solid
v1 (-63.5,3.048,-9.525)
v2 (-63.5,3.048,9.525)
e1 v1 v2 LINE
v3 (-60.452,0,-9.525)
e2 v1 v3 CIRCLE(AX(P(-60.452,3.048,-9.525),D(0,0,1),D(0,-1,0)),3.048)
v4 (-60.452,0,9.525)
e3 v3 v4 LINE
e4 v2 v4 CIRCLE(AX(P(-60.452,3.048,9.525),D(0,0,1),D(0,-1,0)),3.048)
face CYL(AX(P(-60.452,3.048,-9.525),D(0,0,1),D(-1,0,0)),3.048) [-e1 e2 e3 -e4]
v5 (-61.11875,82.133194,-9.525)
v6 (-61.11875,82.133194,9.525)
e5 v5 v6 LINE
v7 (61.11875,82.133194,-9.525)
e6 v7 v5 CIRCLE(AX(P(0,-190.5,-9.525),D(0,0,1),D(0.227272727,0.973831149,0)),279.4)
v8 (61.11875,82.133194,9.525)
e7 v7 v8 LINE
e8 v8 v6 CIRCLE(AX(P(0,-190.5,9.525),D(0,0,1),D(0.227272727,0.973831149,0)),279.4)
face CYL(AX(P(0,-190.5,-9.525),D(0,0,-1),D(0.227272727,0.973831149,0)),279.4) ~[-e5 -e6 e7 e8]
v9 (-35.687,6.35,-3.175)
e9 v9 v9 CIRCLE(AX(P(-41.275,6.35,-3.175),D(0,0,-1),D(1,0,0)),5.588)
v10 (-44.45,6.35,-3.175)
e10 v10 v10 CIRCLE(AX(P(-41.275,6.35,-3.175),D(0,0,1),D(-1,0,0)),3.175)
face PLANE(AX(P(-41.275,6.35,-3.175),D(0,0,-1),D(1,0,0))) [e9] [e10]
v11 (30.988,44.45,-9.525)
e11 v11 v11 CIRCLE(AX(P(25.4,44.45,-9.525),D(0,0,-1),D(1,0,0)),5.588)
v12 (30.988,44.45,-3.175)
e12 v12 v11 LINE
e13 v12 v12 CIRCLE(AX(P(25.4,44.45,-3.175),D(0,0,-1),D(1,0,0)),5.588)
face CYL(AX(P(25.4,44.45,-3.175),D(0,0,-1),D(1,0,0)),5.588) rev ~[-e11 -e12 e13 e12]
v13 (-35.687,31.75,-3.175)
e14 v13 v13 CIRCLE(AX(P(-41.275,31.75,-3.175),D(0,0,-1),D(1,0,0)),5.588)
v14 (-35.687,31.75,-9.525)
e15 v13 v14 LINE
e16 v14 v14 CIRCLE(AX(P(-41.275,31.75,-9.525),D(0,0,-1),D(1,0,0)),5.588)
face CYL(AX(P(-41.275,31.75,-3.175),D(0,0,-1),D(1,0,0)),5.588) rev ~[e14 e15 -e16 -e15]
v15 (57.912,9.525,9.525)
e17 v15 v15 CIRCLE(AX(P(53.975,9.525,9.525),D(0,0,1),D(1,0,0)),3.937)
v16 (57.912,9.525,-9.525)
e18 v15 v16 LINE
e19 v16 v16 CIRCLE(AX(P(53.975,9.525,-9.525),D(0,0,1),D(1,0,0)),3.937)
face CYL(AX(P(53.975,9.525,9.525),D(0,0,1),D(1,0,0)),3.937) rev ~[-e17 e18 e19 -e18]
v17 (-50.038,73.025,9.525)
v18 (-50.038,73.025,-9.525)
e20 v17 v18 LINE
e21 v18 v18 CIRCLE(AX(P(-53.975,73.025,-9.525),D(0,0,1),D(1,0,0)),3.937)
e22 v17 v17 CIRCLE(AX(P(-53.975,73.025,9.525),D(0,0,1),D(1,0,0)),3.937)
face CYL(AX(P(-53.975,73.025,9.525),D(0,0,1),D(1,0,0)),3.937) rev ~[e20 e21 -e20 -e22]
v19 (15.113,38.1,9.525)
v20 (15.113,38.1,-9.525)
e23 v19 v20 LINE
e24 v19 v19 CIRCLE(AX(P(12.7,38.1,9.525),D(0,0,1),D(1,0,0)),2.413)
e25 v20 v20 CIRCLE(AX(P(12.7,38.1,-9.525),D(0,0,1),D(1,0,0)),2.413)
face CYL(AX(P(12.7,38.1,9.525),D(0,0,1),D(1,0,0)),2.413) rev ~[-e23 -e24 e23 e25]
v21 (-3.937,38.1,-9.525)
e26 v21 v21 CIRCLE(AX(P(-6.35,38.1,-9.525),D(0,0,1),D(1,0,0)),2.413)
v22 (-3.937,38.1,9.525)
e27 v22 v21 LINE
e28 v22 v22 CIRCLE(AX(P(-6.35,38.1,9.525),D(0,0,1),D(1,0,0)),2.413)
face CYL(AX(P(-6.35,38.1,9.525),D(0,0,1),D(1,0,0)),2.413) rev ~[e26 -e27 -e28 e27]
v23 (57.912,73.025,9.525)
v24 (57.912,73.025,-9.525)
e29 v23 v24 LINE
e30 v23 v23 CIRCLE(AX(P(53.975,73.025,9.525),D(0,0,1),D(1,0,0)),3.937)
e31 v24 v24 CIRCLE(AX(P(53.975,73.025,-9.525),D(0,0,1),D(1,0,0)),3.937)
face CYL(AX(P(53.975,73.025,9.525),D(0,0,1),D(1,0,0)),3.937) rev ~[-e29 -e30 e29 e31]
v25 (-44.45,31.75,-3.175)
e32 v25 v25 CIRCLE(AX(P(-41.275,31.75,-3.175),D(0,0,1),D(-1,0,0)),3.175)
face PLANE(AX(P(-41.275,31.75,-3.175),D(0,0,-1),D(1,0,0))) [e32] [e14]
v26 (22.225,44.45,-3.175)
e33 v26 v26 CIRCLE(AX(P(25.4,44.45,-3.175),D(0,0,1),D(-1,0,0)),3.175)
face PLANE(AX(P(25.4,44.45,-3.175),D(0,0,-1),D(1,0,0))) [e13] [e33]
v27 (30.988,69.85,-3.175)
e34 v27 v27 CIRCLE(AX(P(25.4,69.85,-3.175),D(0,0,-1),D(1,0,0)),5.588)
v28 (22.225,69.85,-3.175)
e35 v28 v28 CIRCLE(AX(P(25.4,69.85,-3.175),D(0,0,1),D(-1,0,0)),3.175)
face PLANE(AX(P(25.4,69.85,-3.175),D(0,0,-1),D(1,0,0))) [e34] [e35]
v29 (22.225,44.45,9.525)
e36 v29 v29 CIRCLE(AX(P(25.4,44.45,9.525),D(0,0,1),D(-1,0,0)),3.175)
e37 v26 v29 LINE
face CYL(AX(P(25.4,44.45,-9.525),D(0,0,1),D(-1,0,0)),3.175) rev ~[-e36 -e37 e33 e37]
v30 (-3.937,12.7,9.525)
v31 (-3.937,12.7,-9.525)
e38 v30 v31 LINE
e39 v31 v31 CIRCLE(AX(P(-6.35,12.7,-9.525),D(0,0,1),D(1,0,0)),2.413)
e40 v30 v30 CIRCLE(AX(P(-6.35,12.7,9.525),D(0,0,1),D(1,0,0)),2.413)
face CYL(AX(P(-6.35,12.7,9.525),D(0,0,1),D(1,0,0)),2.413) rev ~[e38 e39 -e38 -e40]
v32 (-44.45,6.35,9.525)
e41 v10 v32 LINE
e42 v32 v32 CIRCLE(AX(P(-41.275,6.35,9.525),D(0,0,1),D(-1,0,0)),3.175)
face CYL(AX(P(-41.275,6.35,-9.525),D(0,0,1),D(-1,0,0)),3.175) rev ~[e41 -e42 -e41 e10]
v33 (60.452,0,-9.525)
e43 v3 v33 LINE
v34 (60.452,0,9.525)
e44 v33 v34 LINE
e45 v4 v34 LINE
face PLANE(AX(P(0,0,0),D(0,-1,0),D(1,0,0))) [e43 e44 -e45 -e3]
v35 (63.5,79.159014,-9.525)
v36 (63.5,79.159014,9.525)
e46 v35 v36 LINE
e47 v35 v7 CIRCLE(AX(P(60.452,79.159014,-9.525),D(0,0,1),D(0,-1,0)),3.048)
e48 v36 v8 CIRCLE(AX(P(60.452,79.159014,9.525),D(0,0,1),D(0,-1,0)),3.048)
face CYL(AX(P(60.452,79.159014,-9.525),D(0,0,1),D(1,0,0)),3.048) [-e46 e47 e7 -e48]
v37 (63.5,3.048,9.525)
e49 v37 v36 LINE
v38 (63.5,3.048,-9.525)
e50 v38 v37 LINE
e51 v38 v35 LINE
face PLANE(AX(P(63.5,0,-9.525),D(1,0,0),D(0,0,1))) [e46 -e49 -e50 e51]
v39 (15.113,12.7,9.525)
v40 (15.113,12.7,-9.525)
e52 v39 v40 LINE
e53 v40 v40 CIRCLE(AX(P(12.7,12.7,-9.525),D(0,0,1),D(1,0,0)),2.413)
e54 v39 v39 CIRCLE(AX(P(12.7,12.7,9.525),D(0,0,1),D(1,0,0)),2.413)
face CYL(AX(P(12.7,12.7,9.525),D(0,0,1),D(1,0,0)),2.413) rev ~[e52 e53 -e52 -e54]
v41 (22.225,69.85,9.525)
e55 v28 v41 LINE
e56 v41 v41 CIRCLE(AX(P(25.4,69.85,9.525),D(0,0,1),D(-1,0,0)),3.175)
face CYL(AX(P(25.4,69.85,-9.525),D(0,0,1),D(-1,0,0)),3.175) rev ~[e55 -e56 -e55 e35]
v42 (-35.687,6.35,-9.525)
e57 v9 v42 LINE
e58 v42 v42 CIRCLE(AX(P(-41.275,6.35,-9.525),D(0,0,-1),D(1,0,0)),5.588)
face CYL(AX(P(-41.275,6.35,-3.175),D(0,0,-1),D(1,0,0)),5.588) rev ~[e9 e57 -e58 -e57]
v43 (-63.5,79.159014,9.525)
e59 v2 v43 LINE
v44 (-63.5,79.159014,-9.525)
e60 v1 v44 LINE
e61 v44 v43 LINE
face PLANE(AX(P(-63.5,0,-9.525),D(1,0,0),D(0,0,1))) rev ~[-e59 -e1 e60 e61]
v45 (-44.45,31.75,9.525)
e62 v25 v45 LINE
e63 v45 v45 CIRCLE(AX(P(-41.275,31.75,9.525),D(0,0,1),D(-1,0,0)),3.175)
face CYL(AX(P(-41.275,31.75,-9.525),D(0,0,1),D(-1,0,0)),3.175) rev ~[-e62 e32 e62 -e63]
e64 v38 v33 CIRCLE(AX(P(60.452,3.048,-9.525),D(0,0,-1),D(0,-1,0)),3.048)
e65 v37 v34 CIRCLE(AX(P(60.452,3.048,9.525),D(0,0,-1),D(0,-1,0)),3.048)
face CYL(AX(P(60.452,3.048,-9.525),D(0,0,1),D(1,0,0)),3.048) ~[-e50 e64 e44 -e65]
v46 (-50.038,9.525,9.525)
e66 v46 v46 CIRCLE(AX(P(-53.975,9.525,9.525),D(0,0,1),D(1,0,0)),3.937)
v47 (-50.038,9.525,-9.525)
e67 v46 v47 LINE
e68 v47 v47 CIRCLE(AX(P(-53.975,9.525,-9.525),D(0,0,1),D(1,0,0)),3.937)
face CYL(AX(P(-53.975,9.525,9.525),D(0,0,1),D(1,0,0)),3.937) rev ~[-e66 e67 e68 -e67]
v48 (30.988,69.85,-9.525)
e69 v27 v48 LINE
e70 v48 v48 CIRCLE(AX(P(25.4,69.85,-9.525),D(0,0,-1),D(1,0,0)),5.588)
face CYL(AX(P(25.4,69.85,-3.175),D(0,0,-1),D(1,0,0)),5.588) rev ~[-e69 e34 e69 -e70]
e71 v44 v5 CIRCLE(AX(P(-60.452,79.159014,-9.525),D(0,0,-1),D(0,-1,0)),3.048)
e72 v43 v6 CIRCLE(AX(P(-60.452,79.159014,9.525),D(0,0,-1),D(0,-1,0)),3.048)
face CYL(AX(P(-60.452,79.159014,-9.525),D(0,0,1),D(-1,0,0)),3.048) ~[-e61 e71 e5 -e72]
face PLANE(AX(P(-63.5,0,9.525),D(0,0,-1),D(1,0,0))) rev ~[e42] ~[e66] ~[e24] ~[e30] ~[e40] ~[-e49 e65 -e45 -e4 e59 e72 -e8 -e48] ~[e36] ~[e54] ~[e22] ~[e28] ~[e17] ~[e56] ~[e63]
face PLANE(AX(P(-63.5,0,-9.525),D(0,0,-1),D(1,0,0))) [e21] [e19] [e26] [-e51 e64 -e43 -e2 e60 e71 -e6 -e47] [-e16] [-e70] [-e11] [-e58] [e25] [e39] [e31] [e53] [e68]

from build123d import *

# Parameters (mm, degrees)
F0_W           = 127
F0_H           = 19.05
F1_DEPTH       = 88.9
F2_R           = 3.937
F2_R_2         = 2.413
F3_DEPTH       = 19.05
F5_D           = 6.35
F5_CBORE_D     = 11.176
F5_CBORE_DEPTH = 6.35
F7_DEPTH       = 19.051
F8_R           = 3.048


with BuildPart() as f1:
    # F0 (on Front) → F1 (new body)
    with BuildSketch(Plane.XZ):
        Rectangle(F0_W, F0_H)
    extrude(amount=-F1_DEPTH)

    # F2 (on face) → F3 (cut, through all)
    with BuildSketch(Plane.XY.offset(9.525)):
        with Locations((-53.975, 73.025)):
            Circle(F2_R)
        with Locations((-53.975, 9.525)):
            Circle(F2_R)
        with Locations((53.975, 9.525)):
            Circle(F2_R)
        with Locations((53.975, 73.025)):
            Circle(F2_R)
        with Locations((-6.35, 38.1)):
            Circle(F2_R_2)
        with Locations((12.7, 38.1)):
            Circle(F2_R_2)
        with Locations((12.7, 12.7)):
            Circle(F2_R_2)
        with Locations((-6.35, 12.7)):
            Circle(F2_R_2)
    extrude(amount=-F3_DEPTH, mode=Mode.SUBTRACT)

    # F5 (through all)
    with Locations(Plane(origin=(0, 0, -9.525), x_dir=(1, 0, 0), z_dir=(0, 0, -1))):
        with Locations((25.4, -69.85), (25.4, -44.45), (-41.275, -31.75), (-41.275, -6.35)):
            CounterBoreHole(F5_D / 2, F5_CBORE_D / 2, F5_CBORE_DEPTH)

    # F6 (on face) → F7 (cut, through all)
    with BuildSketch(Plane(origin=(0, 0, -9.525), x_dir=(1, 0, 0), z_dir=(0, 0, -1))):
        with BuildLine():
            ThreePointArc((63.5, -81.5884231275), (0, -88.9), (-63.5, -81.5884231275))
            Line((-63.5, -81.5884231275), (-63.5, -94.2089855671))
            Line((-63.5, -94.2089855671), (63.5, -94.2089855671))
            Line((63.5, -94.2089855671), (63.5, -81.5884231275))
        make_face()
    extrude(amount=-F7_DEPTH, mode=Mode.SUBTRACT)

    # F8
    f8_edges = [f1.edges().sort_by_distance(p)[0] for p in [
        (63.5, 81.588423, 0),
        (63.5, 0, 0),
        (-63.5, 81.588423, 0),
        (-63.5, 0, 0),
    ]]
    fillet(f8_edges, radius=F8_R)


solid = f1.part
